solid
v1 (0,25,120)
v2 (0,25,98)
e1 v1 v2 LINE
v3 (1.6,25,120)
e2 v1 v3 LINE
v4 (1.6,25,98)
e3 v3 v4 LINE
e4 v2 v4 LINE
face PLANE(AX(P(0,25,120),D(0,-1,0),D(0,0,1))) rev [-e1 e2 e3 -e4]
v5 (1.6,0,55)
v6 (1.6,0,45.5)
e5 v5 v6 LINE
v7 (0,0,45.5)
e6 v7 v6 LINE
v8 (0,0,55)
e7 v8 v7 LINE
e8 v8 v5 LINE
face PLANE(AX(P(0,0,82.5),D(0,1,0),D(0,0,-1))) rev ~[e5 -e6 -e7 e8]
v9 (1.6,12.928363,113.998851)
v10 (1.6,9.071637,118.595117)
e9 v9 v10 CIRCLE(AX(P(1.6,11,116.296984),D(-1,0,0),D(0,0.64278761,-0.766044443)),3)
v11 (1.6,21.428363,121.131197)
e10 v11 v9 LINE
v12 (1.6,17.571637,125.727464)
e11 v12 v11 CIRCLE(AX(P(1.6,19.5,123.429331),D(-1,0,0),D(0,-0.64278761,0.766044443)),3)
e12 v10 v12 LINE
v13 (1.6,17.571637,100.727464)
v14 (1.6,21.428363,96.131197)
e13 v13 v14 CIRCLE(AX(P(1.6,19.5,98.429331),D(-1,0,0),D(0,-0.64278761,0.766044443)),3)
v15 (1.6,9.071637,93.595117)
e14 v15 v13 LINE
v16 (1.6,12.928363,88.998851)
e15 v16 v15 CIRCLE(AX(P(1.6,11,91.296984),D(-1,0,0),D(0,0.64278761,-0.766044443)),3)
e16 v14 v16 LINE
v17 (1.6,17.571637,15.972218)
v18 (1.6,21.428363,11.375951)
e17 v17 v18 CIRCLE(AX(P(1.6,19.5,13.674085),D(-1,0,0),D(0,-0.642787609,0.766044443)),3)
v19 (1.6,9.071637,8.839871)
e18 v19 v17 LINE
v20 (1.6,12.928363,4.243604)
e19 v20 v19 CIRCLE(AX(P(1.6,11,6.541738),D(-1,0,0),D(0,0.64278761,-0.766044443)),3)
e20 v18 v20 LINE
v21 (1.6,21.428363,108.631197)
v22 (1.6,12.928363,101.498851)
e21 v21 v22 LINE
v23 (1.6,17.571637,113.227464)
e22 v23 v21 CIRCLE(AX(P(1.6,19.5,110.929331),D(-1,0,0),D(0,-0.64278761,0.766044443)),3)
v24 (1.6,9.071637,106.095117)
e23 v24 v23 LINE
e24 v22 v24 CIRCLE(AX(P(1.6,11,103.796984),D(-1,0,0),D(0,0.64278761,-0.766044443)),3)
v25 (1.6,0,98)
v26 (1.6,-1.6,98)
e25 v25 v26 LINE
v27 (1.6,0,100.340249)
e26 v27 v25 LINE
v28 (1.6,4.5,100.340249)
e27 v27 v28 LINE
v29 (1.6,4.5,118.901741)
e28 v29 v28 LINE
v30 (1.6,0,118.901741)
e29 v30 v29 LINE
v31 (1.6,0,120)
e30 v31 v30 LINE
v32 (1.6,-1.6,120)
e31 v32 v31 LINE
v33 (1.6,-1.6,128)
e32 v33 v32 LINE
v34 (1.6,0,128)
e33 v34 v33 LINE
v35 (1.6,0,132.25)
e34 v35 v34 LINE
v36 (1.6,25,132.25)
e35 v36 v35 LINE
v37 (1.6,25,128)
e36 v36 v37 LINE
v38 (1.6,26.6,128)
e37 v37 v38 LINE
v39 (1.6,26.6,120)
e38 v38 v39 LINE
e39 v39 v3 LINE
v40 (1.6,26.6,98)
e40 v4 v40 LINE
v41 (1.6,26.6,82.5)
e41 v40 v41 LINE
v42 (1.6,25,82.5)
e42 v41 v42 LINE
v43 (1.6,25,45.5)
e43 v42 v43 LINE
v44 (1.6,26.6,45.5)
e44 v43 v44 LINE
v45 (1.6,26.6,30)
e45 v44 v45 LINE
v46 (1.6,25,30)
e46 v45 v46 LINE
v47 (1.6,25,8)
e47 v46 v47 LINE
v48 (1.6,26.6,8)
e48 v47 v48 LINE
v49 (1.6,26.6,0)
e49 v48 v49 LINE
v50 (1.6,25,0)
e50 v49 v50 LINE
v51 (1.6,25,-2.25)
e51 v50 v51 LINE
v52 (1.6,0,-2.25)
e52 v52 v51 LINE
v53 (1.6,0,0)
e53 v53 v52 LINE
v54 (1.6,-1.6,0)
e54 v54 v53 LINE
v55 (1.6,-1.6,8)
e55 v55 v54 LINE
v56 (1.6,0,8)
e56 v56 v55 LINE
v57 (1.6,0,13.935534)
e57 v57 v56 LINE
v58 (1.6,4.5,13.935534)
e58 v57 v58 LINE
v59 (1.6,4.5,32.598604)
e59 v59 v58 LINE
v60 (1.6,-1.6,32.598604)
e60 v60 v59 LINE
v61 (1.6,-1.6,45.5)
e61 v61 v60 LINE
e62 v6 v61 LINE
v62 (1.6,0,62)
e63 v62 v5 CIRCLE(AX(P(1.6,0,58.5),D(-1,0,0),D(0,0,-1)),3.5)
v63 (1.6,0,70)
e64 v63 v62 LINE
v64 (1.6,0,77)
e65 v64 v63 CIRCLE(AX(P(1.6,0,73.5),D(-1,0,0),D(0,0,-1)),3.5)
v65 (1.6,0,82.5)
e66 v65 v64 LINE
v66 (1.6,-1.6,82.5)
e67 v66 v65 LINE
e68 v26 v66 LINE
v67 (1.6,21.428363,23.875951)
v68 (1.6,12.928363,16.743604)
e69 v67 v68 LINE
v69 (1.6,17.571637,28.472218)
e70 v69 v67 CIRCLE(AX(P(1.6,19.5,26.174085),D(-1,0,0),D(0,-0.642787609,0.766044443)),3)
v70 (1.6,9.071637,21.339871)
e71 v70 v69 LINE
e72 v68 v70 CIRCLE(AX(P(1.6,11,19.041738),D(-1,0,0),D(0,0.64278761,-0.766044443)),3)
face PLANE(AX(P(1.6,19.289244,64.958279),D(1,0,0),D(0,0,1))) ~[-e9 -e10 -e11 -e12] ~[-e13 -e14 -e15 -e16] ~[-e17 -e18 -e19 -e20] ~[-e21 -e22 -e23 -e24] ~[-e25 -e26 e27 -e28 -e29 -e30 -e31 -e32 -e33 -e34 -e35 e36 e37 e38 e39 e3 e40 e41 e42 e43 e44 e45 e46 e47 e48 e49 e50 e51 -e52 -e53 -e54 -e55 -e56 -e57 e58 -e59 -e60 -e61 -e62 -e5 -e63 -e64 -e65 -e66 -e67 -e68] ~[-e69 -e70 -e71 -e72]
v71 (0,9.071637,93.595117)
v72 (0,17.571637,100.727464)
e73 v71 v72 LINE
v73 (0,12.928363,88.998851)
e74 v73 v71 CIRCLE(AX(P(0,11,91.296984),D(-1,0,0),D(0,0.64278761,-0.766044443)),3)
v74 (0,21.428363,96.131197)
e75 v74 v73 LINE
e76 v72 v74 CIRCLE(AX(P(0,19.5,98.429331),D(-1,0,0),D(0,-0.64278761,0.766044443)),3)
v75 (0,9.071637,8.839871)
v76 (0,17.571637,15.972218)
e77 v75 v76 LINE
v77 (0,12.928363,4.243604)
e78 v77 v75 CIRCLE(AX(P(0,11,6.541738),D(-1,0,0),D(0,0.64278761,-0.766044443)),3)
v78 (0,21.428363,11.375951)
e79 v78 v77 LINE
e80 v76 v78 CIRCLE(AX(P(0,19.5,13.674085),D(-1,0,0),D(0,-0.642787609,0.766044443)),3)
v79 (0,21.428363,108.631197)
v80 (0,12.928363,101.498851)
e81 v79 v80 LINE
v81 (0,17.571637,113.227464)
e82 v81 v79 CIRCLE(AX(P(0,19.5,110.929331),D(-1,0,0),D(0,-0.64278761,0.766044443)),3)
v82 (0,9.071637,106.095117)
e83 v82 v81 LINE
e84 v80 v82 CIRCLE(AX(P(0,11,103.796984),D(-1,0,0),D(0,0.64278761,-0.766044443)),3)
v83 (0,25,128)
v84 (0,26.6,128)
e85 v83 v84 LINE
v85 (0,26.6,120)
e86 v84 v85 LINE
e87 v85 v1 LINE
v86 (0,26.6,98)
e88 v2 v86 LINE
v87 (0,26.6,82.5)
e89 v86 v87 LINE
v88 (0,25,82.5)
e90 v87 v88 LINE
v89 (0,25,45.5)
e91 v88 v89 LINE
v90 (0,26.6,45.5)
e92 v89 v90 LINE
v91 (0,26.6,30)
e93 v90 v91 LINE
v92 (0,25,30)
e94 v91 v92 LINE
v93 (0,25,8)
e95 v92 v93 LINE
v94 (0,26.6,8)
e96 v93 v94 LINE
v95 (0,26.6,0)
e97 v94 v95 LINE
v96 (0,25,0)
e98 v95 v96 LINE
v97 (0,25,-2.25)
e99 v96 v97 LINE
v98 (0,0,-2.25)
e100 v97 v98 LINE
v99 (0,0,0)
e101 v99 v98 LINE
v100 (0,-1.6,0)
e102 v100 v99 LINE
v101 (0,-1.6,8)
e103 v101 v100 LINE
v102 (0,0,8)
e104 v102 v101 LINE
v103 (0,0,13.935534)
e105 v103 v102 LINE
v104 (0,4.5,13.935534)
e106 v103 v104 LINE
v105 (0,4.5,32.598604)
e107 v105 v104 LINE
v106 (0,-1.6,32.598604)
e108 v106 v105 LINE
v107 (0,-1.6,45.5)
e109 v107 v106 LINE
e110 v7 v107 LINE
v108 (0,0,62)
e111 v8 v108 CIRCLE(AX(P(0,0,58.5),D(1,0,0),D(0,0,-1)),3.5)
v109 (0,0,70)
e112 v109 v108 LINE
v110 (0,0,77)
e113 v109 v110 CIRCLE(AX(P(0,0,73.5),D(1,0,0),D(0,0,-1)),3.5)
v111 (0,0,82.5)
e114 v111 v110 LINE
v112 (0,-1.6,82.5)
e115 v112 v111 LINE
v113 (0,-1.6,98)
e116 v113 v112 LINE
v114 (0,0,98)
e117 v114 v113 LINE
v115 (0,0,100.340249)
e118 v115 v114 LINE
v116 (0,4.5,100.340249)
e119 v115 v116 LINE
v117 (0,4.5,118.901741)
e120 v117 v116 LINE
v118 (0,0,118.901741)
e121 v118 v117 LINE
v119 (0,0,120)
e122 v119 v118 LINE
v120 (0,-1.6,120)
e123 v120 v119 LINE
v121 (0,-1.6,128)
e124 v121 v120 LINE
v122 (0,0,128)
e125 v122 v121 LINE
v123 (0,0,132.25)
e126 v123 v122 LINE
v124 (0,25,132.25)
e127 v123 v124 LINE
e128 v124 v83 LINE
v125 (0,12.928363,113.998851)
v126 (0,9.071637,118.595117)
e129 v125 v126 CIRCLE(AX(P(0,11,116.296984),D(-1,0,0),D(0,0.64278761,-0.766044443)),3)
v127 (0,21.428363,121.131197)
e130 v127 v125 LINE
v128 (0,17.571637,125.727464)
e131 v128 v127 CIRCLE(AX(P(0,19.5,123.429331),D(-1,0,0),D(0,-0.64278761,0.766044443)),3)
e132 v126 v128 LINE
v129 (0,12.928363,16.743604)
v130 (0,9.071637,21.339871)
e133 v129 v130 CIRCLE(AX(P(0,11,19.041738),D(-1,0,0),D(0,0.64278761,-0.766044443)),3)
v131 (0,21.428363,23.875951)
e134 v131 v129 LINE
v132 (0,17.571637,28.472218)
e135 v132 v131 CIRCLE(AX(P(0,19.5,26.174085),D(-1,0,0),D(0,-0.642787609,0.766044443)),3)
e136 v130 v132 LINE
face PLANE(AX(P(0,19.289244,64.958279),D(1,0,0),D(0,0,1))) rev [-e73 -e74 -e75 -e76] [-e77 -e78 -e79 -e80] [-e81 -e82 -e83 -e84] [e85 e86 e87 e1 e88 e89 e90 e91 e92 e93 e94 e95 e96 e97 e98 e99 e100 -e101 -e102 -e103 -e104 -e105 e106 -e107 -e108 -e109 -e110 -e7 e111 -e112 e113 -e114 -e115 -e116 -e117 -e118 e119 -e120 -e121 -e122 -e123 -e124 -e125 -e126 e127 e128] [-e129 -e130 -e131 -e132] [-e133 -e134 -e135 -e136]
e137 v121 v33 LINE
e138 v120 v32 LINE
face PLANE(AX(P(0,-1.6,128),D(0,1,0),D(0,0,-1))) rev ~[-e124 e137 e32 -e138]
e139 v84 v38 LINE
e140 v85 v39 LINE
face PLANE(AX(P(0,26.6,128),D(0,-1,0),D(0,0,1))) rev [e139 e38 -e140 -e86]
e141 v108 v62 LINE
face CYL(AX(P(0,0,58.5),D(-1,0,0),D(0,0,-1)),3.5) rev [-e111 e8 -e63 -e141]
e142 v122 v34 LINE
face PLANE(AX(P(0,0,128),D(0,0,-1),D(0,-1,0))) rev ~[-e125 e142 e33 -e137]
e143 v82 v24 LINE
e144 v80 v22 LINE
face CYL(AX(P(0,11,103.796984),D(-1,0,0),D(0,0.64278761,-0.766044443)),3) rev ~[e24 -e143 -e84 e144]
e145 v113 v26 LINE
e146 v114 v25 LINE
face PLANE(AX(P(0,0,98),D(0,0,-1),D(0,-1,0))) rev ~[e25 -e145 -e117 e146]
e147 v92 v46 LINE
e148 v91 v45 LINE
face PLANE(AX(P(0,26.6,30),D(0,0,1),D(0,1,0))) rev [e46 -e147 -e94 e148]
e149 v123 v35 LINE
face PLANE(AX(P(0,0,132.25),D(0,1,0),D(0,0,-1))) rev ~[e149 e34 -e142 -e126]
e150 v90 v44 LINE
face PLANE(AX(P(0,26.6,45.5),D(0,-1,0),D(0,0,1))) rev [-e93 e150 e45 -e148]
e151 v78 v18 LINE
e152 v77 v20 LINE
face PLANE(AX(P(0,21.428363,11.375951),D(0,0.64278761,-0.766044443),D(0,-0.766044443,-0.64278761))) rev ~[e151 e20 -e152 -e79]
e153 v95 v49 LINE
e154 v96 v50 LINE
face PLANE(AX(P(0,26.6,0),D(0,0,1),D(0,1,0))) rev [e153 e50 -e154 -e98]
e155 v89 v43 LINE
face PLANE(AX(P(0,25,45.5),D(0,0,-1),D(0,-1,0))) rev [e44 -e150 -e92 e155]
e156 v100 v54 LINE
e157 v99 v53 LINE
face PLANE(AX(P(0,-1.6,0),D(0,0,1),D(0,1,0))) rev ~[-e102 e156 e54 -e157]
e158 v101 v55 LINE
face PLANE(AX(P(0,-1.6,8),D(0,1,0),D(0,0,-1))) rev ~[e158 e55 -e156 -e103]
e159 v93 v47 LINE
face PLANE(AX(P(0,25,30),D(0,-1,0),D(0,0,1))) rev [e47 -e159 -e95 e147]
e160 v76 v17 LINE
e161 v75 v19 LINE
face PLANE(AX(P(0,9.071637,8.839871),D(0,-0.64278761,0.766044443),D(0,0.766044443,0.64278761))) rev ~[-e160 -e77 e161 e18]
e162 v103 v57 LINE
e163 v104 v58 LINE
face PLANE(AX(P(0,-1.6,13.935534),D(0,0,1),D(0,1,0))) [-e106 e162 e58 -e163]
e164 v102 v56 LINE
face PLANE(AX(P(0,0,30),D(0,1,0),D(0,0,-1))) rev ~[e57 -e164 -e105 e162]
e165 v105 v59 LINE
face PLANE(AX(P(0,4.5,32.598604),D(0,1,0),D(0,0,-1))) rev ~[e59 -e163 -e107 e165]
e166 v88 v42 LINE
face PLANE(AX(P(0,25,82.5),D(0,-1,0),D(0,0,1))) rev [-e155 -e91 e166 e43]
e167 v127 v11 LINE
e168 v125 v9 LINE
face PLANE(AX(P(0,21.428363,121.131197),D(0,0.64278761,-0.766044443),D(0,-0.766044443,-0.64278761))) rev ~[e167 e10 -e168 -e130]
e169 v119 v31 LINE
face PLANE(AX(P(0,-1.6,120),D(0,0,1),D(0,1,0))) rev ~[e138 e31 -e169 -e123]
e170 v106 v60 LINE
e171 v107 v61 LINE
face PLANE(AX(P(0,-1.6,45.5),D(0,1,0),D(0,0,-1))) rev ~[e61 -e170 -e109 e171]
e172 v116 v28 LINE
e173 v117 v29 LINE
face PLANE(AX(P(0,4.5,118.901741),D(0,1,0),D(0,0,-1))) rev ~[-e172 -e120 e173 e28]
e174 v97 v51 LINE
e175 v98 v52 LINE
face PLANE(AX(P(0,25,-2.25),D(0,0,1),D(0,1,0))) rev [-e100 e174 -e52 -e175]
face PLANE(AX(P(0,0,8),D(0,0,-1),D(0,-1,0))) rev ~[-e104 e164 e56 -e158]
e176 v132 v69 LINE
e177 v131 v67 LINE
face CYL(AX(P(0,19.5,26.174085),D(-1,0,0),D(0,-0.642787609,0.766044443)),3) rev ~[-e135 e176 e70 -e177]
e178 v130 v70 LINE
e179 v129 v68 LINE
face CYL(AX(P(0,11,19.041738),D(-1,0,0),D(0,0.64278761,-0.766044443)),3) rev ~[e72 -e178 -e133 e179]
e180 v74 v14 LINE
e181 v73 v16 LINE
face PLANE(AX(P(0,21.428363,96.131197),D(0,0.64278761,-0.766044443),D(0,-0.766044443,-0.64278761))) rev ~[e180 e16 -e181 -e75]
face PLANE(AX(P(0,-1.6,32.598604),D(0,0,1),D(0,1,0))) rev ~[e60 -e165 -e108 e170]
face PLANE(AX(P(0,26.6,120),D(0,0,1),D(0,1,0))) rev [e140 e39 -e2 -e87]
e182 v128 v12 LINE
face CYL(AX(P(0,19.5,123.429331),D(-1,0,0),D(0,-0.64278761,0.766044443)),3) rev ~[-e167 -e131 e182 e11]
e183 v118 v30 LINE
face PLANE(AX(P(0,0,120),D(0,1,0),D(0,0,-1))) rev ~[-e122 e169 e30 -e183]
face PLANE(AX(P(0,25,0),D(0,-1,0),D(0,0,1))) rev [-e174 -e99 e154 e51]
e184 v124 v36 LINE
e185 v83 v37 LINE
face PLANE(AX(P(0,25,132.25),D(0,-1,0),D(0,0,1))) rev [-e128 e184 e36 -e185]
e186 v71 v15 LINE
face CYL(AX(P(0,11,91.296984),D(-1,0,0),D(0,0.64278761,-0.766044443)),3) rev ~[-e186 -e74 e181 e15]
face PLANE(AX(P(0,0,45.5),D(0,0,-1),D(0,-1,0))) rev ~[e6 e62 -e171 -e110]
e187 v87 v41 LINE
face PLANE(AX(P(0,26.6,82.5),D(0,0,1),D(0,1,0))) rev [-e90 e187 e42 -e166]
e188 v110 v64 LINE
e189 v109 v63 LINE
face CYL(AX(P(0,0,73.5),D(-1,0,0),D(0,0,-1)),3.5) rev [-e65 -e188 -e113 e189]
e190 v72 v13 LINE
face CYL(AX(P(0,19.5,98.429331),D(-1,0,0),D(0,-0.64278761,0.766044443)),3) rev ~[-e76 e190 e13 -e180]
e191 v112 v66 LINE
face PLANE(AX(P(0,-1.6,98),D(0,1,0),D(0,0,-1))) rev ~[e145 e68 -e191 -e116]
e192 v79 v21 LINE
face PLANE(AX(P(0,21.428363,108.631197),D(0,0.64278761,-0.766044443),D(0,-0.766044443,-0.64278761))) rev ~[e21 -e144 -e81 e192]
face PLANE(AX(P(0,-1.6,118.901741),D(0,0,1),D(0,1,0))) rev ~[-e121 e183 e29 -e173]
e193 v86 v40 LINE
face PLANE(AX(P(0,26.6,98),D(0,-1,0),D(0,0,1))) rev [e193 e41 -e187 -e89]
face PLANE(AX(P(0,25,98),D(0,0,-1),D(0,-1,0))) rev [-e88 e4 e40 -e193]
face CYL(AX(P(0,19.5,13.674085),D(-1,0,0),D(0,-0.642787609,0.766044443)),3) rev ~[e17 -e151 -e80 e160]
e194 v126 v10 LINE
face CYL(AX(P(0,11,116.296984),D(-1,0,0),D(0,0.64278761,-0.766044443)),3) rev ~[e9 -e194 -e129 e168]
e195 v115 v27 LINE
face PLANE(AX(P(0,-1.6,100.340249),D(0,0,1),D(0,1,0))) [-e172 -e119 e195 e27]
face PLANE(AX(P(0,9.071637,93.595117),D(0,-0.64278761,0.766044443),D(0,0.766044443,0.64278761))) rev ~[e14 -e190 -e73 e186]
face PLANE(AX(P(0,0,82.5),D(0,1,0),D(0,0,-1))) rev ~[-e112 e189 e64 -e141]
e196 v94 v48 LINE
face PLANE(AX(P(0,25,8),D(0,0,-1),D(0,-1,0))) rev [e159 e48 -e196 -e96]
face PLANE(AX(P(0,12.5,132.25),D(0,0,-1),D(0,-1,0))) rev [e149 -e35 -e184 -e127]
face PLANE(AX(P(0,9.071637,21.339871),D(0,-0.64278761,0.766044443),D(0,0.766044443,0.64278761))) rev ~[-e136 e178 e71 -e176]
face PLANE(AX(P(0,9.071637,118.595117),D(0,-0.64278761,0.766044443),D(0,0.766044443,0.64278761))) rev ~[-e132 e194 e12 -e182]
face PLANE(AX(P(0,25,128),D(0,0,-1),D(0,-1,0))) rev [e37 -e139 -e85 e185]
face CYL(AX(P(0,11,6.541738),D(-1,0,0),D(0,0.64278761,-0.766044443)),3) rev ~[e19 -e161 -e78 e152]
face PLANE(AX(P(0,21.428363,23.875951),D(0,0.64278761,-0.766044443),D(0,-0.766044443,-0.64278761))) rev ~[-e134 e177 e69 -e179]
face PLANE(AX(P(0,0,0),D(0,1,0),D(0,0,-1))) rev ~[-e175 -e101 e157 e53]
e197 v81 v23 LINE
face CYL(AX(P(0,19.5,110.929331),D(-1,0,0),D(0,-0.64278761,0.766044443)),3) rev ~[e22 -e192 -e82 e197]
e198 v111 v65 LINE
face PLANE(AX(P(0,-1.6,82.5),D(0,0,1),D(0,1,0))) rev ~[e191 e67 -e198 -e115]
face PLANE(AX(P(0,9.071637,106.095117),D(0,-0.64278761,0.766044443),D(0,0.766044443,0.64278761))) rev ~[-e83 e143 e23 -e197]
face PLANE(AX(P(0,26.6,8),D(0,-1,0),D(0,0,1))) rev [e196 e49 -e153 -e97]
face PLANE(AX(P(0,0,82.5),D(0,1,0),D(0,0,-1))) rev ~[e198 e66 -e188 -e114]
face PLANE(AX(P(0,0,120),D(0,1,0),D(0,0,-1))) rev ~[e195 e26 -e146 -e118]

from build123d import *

# Parameters (mm, degrees)
EXTRUDE_1621_DEPTH     = 1.6
SKETCH3_W              = 18.561492042
SKETCH3_H              = 6.1
SKETCH3_W_2            = 18.663069739
CUT_EXTRUDE_3212_DEPTH = 135.908052021
CUT_EXTRUDE_3564_DEPTH = 1.6


with BuildPart() as part:
    # Sketch1 → Extrude 1621 (new body)
    with BuildSketch(Plane(origin=(0, 0, 0), x_dir=(0, 0, -1), z_dir=(1, 0, 0))):
        Polygon((0, -1.6), (0, 0), (2.25, 0), (2.25, 12.5), (-132.25, 12.5), (-132.25, 0), (-128, 0), (-128, -1.6), (-120, -1.6), (-120, 0), (-98, 0), (-98, -1.6), (-82.5, -1.6), (-82.5, 0), (-45.5, 0), (-45.5, -1.6), (-30, -1.6), (-30, 0), (-8, 0), (-8, -1.6), align=None)
    extrude(amount=EXTRUDE_1621_DEPTH)

    # Mirror1: part across plane


with BuildPart() as part_1:
    add(part.part)
    add(part.part.mirror(Plane(origin=(1.6, 12.5, 0), x_dir=(0, 0, 1), z_dir=(0, 1, 0))))

    # Sketch3 → Cut-Extrude 3212 (cut, through all)
    with BuildSketch(Plane(origin=(0, 0, 0), x_dir=(0, 0, -1), z_dir=(1, 0, 0))):
        with Locations((-109.620995127, 1.45)):
            Rectangle(SKETCH3_W, SKETCH3_H)
        with Locations((-23.26706902, 1.45)):
            Rectangle(SKETCH3_W_2, SKETCH3_H)
        with BuildLine():
            ThreePointArc((-70, 0), (-73.5, 3.5), (-77, 0))
            Line((-77, 0), (-70, 0))
        make_face()
        with BuildLine():
            ThreePointArc((-55, 0), (-58.5, 3.5), (-62, 0))
            Line((-62, 0), (-55, 0))
        make_face()
    extrude(amount=CUT_EXTRUDE_3212_DEPTH, mode=Mode.SUBTRACT)

    # Sketch4 → Cut-Extrude 3564 (cut)
    with BuildSketch(Plane(origin=(0, 0, 0), x_dir=(0, 0, -1), z_dir=(1, 0, 0))):
        with BuildLine():
            Line((-11.375951178, 21.428362829), (-4.243604313, 12.928362829))
            ThreePointArc((-4.243604313, 12.928362829), (-4.613374813, 8.701866671), (-8.839870972, 9.071637171))
            Line((-8.839870972, 9.071637171), (-15.972217837, 17.571637171))
            ThreePointArc((-15.972217837, 17.571637171), (-15.602447336, 21.798133329), (-11.375951178, 21.428362829))
        make_face()
        with BuildLine():
            Line((-121.131197482, 21.428362829), (-113.998850617, 12.928362829))
            ThreePointArc((-113.998850617, 12.928362829), (-114.368621117, 8.701866671), (-118.595117275, 9.071637171))
            Line((-118.595117275, 9.071637171), (-125.72746414, 17.571637171))
            ThreePointArc((-125.72746414, 17.571637171), (-125.35769364, 21.798133329), (-121.131197482, 21.428362829))
        make_face()
        with BuildLine():
            Line((-23.875951178, 21.428362829), (-16.743604313, 12.928362829))
            ThreePointArc((-16.743604313, 12.928362829), (-17.113374813, 8.701866671), (-21.339870972, 9.071637171))
            Line((-21.339870972, 9.071637171), (-28.472217837, 17.571637171))
            ThreePointArc((-28.472217837, 17.571637171), (-28.102447336, 21.798133329), (-23.875951178, 21.428362829))
        make_face()
        with BuildLine():
            Line((-108.631197482, 21.428362829), (-101.498850617, 12.928362829))
            ThreePointArc((-101.498850617, 12.928362829), (-101.868621117, 8.701866671), (-106.095117275, 9.071637171))
            Line((-106.095117275, 9.071637171), (-113.22746414, 17.571637171))
            ThreePointArc((-113.22746414, 17.571637171), (-112.85769364, 21.798133329), (-108.631197482, 21.428362829))
        make_face()
        with BuildLine():
            Line((-96.131197482, 21.428362829), (-88.998850617, 12.928362829))
            ThreePointArc((-88.998850617, 12.928362829), (-89.368621117, 8.701866671), (-93.595117275, 9.071637171))
            Line((-93.595117275, 9.071637171), (-100.72746414, 17.571637171))
            ThreePointArc((-100.72746414, 17.571637171), (-100.35769364, 21.798133329), (-96.131197482, 21.428362829))
        make_face()
    extrude(amount=CUT_EXTRUDE_3564_DEPTH, mode=Mode.SUBTRACT)


solid = part_1.part
